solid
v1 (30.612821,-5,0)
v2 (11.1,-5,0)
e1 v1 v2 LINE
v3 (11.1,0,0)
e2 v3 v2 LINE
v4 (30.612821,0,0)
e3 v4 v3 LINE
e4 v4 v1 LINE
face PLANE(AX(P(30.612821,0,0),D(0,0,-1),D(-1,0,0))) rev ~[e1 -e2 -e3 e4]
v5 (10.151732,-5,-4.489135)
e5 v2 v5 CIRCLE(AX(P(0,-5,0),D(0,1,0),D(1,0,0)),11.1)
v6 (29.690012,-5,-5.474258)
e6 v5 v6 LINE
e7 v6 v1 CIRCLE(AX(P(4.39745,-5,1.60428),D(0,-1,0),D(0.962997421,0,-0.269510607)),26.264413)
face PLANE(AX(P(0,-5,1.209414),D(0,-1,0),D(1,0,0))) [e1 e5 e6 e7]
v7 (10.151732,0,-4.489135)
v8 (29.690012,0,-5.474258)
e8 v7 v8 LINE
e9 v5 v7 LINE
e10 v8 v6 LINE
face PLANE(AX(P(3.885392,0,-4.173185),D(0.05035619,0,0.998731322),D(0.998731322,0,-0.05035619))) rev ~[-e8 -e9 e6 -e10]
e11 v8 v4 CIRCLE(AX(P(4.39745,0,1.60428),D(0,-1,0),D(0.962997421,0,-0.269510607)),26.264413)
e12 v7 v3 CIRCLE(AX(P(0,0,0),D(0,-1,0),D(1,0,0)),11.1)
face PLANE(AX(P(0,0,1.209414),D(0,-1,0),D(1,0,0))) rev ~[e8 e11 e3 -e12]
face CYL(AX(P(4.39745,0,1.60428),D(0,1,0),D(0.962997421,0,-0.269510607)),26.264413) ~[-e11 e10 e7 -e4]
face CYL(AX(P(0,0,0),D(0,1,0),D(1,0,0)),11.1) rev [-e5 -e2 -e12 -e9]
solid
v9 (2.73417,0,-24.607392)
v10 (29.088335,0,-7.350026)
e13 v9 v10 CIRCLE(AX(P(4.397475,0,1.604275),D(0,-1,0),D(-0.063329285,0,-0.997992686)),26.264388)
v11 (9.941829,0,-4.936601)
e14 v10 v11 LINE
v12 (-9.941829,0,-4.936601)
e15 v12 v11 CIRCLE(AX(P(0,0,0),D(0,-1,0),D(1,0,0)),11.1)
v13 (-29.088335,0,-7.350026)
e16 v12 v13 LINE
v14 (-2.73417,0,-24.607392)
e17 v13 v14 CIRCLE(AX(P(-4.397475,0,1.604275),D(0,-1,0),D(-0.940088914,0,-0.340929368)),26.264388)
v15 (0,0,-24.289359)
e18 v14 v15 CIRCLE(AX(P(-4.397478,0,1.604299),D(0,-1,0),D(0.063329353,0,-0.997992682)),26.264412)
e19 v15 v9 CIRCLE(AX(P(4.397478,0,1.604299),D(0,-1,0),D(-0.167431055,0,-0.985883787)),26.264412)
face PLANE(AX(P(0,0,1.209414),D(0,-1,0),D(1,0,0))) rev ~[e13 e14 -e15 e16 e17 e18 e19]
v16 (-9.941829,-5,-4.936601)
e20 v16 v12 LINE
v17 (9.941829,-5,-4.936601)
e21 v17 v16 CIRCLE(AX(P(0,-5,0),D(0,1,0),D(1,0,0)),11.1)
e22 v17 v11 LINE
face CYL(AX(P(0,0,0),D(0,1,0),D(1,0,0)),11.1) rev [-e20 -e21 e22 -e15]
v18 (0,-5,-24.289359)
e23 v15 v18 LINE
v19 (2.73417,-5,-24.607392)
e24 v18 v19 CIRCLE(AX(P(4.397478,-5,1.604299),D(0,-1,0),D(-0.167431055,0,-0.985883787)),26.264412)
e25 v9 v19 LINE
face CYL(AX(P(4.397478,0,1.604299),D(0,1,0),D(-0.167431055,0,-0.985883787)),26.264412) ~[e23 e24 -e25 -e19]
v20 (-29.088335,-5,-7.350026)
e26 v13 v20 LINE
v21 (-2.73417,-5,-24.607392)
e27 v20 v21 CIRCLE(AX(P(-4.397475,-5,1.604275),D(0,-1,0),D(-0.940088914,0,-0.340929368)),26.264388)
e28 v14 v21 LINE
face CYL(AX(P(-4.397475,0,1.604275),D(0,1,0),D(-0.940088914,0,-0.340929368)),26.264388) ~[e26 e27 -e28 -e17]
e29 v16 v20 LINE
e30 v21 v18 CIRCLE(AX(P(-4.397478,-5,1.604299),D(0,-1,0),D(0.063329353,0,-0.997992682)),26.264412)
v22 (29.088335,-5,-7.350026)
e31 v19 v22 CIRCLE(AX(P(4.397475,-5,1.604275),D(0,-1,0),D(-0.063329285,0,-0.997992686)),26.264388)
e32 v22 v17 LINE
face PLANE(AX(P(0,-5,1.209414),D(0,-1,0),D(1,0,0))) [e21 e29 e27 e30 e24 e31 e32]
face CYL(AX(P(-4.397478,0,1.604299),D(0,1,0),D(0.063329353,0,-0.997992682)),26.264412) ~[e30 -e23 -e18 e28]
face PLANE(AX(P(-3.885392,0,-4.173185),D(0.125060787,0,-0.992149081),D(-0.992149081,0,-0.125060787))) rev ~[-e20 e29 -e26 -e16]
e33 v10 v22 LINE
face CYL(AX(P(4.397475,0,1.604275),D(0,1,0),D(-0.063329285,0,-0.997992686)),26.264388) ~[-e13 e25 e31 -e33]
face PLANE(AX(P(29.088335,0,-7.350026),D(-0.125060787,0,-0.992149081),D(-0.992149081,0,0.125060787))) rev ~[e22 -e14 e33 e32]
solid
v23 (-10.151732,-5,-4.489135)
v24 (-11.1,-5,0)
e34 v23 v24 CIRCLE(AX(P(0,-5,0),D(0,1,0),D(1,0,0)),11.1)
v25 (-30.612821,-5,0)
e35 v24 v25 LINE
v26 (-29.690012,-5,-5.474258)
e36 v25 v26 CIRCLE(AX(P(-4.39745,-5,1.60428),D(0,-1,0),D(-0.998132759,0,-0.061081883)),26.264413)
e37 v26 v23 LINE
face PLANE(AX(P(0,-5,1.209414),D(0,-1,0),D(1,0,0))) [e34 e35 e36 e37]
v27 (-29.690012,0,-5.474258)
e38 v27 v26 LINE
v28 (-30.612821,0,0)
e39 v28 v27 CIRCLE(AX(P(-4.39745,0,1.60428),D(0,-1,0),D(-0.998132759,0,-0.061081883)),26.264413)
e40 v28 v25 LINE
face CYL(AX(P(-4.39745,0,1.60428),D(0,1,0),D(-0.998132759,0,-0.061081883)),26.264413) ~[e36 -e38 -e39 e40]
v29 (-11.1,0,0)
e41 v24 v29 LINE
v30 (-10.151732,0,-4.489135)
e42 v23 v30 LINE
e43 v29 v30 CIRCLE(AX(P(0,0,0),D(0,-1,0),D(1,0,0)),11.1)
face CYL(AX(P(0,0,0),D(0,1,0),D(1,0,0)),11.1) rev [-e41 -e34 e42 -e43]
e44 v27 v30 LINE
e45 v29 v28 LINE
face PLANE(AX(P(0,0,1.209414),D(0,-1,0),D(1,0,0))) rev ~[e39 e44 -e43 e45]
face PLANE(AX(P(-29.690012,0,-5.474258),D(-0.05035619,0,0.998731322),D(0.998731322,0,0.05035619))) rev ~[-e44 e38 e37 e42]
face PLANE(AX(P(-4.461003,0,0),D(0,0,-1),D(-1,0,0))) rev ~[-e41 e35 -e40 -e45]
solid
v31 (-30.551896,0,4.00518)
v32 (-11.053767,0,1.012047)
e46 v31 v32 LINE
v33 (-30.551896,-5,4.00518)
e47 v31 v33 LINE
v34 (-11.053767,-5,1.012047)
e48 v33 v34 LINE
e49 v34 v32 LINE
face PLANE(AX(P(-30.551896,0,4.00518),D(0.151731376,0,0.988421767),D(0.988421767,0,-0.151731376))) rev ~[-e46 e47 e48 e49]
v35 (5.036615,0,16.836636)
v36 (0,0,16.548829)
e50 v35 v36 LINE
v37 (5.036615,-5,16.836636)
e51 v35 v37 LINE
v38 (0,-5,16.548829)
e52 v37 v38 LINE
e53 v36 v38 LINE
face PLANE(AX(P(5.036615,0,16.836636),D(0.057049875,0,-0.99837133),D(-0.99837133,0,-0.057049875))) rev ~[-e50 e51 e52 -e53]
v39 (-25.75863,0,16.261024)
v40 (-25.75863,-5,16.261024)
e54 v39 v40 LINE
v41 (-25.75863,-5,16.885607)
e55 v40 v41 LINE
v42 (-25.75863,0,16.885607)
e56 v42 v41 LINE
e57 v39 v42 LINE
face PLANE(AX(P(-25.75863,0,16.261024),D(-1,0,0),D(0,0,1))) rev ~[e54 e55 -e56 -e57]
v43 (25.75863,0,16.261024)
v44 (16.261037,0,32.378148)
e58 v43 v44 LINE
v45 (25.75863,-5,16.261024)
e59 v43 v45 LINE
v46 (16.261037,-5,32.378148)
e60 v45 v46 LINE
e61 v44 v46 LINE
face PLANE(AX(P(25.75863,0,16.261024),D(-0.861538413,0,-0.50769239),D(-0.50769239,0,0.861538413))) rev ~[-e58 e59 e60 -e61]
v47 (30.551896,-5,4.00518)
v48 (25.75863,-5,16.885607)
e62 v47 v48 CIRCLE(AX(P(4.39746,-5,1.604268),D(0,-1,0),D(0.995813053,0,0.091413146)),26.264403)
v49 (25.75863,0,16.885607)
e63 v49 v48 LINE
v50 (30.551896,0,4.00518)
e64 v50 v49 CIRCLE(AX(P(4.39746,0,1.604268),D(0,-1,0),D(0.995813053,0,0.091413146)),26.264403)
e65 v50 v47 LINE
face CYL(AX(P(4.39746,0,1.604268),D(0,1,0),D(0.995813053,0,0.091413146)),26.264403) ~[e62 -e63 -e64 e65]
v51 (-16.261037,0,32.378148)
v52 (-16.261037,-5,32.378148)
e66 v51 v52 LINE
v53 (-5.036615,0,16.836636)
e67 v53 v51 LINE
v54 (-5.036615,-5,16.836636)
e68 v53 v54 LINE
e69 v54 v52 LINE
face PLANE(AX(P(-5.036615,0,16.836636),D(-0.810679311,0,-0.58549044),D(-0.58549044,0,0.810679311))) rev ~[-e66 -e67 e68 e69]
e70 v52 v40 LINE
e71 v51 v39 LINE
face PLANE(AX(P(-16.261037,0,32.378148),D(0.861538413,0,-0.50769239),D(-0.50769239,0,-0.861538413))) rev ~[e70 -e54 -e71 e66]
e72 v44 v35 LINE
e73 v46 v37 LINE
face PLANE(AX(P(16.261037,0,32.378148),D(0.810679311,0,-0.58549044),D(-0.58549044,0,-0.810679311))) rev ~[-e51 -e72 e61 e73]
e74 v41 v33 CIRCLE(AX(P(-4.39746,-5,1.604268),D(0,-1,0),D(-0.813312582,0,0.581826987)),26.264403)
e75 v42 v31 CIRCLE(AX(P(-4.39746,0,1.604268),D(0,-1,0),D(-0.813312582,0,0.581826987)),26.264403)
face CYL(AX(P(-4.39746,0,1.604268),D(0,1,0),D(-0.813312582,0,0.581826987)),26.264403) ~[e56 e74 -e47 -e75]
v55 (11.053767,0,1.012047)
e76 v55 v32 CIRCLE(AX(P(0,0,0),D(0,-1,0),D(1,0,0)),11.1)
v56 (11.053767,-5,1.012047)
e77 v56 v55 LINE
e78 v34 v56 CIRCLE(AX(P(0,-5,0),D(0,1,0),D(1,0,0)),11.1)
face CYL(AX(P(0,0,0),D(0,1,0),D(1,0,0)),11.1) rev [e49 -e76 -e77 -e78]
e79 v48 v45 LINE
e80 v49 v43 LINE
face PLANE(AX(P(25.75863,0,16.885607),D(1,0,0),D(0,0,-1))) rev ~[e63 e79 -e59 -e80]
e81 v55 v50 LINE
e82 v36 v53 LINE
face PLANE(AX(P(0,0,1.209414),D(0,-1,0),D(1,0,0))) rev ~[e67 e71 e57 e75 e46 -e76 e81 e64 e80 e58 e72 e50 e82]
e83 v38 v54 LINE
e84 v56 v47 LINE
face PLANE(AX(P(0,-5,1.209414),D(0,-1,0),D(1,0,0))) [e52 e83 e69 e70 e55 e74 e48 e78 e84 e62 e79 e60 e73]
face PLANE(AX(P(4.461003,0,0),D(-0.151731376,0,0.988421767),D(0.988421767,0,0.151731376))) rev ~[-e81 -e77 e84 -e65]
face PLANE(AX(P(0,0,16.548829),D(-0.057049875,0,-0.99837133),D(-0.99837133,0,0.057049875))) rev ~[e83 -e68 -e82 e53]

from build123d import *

# Parameters (mm, degrees)
F2_DEPTH = 5
F0_R     = 11.1
F3_DEPTH = 25


with BuildPart() as f2:
    # F1 (on Front) → F2 (new body)
    with BuildSketch(Plane.XZ):
        with BuildLine():
            Line((16.261037, 32.378148), (5.036615, 16.836636))
            Line((5.036615, 16.836636), (0, 16.548829))
            Line((0, 16.548829), (-5.036615, 16.836636))
            Line((-5.036615, 16.836636), (-16.261037, 32.378148))
            Line((-16.261037, 32.378148), (-25.75863, 16.261024))
            Line((-25.75863, 16.261024), (-25.75863, 16.885607))
            ThreePointArc((-25.75863, 16.885607), (-29.01269, 10.764473), (-30.551896, 4.00518))
            Line((-30.551896, 4.00518), (-4.461003, 0))
            Line((-4.461003, 0), (-30.612821, 0))
            ThreePointArc((-30.612821, 0), (-30.296459, -2.761579), (-29.690012, -5.474258))
            Line((-29.690012, -5.474258), (-3.885392, -4.173185))
            Line((-3.885392, -4.173185), (-29.088335, -7.350026))
            ThreePointArc((-29.088335, -7.350026), (-18.785708, -20.368363), (-2.73417, -24.607392))
            ThreePointArc((-2.73417, -24.607392), (-1.362916, -24.484219), (0, -24.289359))
            ThreePointArc((0, -24.289359), (1.362916, -24.484219), (2.73417, -24.607392))
            ThreePointArc((2.73417, -24.607392), (18.785708, -20.368363), (29.088335, -7.350026))
            Line((29.088335, -7.350026), (3.885392, -4.173185))
            Line((3.885392, -4.173185), (29.690012, -5.474258))
            ThreePointArc((29.690012, -5.474258), (30.296459, -2.761579), (30.612821, 0))
            Line((30.612821, 0), (4.461003, 0))
            Line((4.461003, 0), (30.551896, 4.00518))
            ThreePointArc((30.551896, 4.00518), (29.01269, 10.764473), (25.75863, 16.885607))
            Line((25.75863, 16.885607), (25.75863, 16.261024))
            Line((25.75863, 16.261024), (16.261037, 32.378148))
        make_face()
    extrude(amount=F2_DEPTH)

    # F0 (on Front) → F3 (cut)
    with BuildSketch(Plane.XZ):
        Circle(F0_R)
    extrude(amount=F3_DEPTH, mode=Mode.SUBTRACT)


solid = f2.part
